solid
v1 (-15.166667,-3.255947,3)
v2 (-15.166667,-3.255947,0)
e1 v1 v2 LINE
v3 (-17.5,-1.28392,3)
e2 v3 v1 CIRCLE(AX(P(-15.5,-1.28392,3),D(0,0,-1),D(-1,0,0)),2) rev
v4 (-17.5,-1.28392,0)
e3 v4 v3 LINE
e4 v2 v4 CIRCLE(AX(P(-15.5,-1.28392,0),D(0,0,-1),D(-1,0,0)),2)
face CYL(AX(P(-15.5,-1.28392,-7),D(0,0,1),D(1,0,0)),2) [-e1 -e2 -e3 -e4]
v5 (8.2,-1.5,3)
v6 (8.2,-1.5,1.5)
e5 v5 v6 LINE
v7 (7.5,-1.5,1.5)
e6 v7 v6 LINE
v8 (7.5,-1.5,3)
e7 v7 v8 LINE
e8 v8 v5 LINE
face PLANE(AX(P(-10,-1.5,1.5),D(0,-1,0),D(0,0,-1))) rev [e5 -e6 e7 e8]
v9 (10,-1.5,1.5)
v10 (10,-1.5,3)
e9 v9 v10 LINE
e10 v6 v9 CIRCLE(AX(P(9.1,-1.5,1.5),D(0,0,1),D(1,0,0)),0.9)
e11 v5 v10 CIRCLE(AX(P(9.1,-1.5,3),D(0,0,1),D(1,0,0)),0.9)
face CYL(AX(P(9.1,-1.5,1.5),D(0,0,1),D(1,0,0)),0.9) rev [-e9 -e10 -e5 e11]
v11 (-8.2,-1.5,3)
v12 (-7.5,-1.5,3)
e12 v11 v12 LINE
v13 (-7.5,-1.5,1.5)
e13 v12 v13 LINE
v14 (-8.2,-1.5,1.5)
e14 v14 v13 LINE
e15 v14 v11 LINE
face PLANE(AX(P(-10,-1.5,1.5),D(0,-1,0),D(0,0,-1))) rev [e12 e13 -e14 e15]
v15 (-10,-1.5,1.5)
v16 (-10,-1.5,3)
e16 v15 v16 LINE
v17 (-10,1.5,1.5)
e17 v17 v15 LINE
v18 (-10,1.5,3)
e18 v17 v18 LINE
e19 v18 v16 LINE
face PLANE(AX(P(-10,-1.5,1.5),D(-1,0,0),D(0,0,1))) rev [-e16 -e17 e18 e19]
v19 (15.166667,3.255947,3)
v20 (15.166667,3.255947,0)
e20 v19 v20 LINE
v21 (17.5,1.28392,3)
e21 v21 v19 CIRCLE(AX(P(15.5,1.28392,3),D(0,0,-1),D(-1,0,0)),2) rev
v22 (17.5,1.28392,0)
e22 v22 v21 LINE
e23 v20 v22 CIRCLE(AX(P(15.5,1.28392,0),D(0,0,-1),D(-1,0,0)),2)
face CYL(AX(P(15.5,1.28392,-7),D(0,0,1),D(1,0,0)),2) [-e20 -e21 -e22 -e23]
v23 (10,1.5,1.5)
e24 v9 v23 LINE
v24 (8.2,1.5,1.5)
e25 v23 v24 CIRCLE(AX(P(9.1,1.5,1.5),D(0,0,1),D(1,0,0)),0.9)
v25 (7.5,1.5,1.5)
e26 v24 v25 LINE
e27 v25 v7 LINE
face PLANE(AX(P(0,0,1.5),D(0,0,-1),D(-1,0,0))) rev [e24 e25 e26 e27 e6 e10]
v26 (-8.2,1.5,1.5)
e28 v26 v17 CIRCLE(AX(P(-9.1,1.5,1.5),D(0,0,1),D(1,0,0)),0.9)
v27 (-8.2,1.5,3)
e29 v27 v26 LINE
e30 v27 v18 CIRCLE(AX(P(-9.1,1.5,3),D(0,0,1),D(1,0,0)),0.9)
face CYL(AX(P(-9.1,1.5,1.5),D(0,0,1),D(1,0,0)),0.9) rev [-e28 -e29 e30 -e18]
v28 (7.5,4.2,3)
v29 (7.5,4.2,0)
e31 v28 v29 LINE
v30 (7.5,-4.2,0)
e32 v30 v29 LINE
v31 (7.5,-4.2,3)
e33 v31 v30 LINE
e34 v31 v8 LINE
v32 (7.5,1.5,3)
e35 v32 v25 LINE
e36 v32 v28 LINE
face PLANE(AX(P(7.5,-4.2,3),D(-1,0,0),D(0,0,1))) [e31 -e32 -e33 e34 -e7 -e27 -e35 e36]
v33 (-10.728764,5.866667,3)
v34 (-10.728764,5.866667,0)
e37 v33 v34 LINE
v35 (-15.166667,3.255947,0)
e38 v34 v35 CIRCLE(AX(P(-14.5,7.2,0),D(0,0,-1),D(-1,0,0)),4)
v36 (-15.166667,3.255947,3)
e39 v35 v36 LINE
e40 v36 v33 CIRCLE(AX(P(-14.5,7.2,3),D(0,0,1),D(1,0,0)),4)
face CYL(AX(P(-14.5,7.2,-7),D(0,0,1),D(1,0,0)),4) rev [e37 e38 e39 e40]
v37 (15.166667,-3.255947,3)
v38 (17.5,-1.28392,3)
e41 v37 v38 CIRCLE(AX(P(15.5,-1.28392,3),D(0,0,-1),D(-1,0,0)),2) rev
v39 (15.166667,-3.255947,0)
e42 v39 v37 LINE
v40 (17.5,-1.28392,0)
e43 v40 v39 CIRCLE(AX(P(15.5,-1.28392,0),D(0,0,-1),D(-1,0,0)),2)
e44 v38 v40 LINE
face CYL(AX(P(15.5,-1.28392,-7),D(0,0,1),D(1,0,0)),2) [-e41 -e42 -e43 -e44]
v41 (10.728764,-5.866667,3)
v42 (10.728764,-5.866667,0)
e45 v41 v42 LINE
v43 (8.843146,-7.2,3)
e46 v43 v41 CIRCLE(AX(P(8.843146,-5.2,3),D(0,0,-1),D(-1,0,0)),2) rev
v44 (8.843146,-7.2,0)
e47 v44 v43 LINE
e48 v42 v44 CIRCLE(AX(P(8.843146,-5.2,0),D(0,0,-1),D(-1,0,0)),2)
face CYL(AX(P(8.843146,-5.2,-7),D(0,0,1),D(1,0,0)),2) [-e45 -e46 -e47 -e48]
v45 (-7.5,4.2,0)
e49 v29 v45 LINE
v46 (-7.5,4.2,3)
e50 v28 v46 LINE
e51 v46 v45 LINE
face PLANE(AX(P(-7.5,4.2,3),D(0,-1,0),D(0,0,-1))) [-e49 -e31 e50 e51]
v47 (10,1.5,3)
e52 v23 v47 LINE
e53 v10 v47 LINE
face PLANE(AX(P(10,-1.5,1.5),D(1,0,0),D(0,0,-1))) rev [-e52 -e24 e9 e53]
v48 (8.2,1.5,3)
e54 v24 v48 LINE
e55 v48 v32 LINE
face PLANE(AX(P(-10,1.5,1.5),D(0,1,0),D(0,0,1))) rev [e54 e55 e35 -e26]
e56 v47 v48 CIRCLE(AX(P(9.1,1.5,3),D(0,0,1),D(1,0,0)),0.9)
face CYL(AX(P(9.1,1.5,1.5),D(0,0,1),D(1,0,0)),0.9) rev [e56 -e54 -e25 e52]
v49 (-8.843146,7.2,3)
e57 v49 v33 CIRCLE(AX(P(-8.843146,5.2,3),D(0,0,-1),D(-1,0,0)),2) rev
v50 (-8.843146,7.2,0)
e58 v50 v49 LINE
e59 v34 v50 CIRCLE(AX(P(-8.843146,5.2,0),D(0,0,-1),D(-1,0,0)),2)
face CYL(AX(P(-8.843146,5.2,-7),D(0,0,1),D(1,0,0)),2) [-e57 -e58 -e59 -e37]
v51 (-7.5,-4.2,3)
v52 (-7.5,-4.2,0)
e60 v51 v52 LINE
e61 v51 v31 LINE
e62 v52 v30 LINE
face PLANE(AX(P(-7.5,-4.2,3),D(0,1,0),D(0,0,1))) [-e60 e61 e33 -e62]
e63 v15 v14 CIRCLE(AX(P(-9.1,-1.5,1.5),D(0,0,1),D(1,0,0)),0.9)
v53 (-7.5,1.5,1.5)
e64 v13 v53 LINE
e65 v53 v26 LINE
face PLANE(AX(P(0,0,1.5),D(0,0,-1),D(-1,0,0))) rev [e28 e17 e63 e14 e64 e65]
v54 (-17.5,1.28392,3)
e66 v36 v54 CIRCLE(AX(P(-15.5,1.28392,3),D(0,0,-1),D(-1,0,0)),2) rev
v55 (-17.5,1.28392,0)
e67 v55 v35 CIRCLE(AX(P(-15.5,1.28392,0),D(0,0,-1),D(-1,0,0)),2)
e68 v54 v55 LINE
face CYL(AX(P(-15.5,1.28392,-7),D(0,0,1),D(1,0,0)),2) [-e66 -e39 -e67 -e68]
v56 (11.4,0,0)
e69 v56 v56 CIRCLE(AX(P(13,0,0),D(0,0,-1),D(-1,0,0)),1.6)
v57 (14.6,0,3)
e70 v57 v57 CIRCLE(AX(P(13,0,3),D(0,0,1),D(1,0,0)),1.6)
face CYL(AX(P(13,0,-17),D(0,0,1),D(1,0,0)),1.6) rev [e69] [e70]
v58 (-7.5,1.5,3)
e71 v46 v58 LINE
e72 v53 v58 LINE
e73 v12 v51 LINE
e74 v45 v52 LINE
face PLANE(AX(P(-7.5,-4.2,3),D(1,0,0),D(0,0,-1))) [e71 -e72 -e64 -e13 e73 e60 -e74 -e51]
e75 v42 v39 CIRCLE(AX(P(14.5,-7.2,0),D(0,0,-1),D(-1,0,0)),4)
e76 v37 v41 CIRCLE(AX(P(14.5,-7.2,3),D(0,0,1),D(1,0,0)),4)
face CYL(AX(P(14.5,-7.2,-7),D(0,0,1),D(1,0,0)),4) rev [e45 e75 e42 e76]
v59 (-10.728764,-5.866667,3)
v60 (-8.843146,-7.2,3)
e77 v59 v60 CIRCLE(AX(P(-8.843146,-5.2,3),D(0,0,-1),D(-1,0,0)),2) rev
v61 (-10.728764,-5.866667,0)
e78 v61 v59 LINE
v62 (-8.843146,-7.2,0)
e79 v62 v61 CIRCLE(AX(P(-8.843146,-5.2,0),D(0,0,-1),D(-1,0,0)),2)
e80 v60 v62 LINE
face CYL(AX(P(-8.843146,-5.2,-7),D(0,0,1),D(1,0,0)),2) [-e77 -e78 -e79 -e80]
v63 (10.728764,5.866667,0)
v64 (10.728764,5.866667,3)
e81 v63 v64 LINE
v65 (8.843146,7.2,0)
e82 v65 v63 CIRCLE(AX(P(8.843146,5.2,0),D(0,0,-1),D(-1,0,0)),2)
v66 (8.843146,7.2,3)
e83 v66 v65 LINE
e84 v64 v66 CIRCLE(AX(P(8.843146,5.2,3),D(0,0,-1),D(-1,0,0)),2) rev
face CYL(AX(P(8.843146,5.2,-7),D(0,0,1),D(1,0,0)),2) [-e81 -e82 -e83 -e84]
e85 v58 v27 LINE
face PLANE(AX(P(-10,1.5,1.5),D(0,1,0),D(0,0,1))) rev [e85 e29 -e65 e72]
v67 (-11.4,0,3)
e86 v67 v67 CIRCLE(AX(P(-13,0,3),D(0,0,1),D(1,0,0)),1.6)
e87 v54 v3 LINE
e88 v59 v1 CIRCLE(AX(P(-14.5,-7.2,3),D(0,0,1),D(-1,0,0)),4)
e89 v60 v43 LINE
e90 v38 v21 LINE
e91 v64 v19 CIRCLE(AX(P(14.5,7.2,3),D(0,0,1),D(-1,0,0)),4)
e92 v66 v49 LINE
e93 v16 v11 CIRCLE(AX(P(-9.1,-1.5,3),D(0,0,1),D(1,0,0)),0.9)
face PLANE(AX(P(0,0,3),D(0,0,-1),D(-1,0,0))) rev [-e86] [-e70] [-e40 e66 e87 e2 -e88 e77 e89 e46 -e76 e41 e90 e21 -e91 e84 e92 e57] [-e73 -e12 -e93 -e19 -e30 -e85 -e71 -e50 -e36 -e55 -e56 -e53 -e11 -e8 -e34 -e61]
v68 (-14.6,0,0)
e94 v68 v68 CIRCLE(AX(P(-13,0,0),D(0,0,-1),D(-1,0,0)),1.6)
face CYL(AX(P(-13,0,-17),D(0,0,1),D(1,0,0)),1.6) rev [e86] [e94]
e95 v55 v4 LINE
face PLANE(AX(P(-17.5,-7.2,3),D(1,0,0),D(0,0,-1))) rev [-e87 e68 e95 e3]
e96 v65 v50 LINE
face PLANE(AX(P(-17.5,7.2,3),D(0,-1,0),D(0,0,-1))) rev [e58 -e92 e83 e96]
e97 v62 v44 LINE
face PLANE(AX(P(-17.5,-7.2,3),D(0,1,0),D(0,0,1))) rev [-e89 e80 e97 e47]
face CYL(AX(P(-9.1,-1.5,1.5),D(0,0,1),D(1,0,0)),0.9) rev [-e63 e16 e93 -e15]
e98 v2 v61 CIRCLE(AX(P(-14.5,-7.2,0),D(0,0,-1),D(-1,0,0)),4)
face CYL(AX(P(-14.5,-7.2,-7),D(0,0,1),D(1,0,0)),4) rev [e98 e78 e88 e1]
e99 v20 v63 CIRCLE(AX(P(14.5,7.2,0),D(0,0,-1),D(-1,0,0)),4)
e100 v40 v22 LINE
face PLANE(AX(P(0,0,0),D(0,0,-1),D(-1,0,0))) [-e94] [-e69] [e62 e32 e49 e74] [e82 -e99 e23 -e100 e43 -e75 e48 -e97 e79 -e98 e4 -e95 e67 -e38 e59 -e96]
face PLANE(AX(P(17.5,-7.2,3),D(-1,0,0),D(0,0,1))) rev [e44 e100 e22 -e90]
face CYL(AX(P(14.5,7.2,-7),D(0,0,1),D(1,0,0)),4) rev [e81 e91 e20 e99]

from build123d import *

# Parameters (mm, degrees)
SKETCH_1_W          = 35
SKETCH_1_H          = 14.4
SKETCH_1_W_2        = 15
SKETCH_1_H_2        = 8.4
EXTRUDE_1_DEPTH     = 3
SKETCH_2_W          = 20
SKETCH_2_H          = 3
CUT_EXTRUDE_1_DEPTH = 1.5
SKETCH_3_R          = 1.6
CUT_EXTRUDE_2_DEPTH = 20
SKETCH_5_R          = 4
CUT_EXTRUDE_4_DEPTH = 10
FILLET_2_R          = 2
SKETCH_6_R          = 0.9
CUT_EXTRUDE_5_DEPTH = 1.5


with BuildPart() as part:
    # 草图1 → 凸台-拉伸1 (new body)
    with BuildSketch(Plane.XY):
        Rectangle(SKETCH_1_W, SKETCH_1_H)
        Rectangle(SKETCH_1_W_2, SKETCH_1_H_2, mode=Mode.SUBTRACT)
    extrude(amount=EXTRUDE_1_DEPTH)

    # 草图2 → 切除-拉伸1 (cut)
    with BuildSketch(Plane.XY.offset(3)):
        Rectangle(SKETCH_2_W, SKETCH_2_H)
    extrude(amount=-CUT_EXTRUDE_1_DEPTH, mode=Mode.SUBTRACT)

    # 草图3 → 切除-拉伸2 (cut)
    with BuildSketch(Plane.XY.offset(3)):
        with Locations((-13, 0)):
            Circle(SKETCH_3_R)
        with Locations((13, 0)):
            Circle(SKETCH_3_R)
    extrude(amount=-CUT_EXTRUDE_2_DEPTH, mode=Mode.SUBTRACT)

    # 草图5 → 切除-拉伸4 (cut)
    with BuildSketch(Plane.XY.offset(3)):
        with Locations((-14.5, 7.2)):
            Circle(SKETCH_5_R)
        with Locations((14.5, 7.2)):
            Circle(SKETCH_5_R)
        with Locations((14.5, -7.2)):
            Circle(SKETCH_5_R)
        with Locations((-14.5, -7.2)):
            Circle(SKETCH_5_R)
    extrude(amount=-CUT_EXTRUDE_4_DEPTH, mode=Mode.SUBTRACT)

    # 圆角2
    fillet_2_edges = [part.edges().sort_by_distance(p)[0] for p in [
        (10.5, -7.2, 1.5),
        (-10.5, -7.2, 1.5),
        (-17.5, 4.554248689, 1.5),
        (10.5, 7.2, 1.5),
        (-17.5, -4.554248689, 1.5),
        (17.5, -4.554248689, 1.5),
        (17.5, 4.554248689, 1.5),
        (-10.5, 7.2, 1.5),
    ]]
    fillet(fillet_2_edges, radius=FILLET_2_R)

    # 草图6 → 切除-拉伸5 (cut)
    with BuildSketch(Plane.XY.offset(3)):
        with Locations((-9.1, 1.5)):
            Circle(SKETCH_6_R)
        with Locations((-9.1, -1.5)):
            Circle(SKETCH_6_R)
        with Locations((9.1, 1.5)):
            Circle(SKETCH_6_R)
        with Locations((9.1, -1.5)):
            Circle(SKETCH_6_R)
    extrude(amount=-CUT_EXTRUDE_5_DEPTH, mode=Mode.SUBTRACT)


solid = part.part
